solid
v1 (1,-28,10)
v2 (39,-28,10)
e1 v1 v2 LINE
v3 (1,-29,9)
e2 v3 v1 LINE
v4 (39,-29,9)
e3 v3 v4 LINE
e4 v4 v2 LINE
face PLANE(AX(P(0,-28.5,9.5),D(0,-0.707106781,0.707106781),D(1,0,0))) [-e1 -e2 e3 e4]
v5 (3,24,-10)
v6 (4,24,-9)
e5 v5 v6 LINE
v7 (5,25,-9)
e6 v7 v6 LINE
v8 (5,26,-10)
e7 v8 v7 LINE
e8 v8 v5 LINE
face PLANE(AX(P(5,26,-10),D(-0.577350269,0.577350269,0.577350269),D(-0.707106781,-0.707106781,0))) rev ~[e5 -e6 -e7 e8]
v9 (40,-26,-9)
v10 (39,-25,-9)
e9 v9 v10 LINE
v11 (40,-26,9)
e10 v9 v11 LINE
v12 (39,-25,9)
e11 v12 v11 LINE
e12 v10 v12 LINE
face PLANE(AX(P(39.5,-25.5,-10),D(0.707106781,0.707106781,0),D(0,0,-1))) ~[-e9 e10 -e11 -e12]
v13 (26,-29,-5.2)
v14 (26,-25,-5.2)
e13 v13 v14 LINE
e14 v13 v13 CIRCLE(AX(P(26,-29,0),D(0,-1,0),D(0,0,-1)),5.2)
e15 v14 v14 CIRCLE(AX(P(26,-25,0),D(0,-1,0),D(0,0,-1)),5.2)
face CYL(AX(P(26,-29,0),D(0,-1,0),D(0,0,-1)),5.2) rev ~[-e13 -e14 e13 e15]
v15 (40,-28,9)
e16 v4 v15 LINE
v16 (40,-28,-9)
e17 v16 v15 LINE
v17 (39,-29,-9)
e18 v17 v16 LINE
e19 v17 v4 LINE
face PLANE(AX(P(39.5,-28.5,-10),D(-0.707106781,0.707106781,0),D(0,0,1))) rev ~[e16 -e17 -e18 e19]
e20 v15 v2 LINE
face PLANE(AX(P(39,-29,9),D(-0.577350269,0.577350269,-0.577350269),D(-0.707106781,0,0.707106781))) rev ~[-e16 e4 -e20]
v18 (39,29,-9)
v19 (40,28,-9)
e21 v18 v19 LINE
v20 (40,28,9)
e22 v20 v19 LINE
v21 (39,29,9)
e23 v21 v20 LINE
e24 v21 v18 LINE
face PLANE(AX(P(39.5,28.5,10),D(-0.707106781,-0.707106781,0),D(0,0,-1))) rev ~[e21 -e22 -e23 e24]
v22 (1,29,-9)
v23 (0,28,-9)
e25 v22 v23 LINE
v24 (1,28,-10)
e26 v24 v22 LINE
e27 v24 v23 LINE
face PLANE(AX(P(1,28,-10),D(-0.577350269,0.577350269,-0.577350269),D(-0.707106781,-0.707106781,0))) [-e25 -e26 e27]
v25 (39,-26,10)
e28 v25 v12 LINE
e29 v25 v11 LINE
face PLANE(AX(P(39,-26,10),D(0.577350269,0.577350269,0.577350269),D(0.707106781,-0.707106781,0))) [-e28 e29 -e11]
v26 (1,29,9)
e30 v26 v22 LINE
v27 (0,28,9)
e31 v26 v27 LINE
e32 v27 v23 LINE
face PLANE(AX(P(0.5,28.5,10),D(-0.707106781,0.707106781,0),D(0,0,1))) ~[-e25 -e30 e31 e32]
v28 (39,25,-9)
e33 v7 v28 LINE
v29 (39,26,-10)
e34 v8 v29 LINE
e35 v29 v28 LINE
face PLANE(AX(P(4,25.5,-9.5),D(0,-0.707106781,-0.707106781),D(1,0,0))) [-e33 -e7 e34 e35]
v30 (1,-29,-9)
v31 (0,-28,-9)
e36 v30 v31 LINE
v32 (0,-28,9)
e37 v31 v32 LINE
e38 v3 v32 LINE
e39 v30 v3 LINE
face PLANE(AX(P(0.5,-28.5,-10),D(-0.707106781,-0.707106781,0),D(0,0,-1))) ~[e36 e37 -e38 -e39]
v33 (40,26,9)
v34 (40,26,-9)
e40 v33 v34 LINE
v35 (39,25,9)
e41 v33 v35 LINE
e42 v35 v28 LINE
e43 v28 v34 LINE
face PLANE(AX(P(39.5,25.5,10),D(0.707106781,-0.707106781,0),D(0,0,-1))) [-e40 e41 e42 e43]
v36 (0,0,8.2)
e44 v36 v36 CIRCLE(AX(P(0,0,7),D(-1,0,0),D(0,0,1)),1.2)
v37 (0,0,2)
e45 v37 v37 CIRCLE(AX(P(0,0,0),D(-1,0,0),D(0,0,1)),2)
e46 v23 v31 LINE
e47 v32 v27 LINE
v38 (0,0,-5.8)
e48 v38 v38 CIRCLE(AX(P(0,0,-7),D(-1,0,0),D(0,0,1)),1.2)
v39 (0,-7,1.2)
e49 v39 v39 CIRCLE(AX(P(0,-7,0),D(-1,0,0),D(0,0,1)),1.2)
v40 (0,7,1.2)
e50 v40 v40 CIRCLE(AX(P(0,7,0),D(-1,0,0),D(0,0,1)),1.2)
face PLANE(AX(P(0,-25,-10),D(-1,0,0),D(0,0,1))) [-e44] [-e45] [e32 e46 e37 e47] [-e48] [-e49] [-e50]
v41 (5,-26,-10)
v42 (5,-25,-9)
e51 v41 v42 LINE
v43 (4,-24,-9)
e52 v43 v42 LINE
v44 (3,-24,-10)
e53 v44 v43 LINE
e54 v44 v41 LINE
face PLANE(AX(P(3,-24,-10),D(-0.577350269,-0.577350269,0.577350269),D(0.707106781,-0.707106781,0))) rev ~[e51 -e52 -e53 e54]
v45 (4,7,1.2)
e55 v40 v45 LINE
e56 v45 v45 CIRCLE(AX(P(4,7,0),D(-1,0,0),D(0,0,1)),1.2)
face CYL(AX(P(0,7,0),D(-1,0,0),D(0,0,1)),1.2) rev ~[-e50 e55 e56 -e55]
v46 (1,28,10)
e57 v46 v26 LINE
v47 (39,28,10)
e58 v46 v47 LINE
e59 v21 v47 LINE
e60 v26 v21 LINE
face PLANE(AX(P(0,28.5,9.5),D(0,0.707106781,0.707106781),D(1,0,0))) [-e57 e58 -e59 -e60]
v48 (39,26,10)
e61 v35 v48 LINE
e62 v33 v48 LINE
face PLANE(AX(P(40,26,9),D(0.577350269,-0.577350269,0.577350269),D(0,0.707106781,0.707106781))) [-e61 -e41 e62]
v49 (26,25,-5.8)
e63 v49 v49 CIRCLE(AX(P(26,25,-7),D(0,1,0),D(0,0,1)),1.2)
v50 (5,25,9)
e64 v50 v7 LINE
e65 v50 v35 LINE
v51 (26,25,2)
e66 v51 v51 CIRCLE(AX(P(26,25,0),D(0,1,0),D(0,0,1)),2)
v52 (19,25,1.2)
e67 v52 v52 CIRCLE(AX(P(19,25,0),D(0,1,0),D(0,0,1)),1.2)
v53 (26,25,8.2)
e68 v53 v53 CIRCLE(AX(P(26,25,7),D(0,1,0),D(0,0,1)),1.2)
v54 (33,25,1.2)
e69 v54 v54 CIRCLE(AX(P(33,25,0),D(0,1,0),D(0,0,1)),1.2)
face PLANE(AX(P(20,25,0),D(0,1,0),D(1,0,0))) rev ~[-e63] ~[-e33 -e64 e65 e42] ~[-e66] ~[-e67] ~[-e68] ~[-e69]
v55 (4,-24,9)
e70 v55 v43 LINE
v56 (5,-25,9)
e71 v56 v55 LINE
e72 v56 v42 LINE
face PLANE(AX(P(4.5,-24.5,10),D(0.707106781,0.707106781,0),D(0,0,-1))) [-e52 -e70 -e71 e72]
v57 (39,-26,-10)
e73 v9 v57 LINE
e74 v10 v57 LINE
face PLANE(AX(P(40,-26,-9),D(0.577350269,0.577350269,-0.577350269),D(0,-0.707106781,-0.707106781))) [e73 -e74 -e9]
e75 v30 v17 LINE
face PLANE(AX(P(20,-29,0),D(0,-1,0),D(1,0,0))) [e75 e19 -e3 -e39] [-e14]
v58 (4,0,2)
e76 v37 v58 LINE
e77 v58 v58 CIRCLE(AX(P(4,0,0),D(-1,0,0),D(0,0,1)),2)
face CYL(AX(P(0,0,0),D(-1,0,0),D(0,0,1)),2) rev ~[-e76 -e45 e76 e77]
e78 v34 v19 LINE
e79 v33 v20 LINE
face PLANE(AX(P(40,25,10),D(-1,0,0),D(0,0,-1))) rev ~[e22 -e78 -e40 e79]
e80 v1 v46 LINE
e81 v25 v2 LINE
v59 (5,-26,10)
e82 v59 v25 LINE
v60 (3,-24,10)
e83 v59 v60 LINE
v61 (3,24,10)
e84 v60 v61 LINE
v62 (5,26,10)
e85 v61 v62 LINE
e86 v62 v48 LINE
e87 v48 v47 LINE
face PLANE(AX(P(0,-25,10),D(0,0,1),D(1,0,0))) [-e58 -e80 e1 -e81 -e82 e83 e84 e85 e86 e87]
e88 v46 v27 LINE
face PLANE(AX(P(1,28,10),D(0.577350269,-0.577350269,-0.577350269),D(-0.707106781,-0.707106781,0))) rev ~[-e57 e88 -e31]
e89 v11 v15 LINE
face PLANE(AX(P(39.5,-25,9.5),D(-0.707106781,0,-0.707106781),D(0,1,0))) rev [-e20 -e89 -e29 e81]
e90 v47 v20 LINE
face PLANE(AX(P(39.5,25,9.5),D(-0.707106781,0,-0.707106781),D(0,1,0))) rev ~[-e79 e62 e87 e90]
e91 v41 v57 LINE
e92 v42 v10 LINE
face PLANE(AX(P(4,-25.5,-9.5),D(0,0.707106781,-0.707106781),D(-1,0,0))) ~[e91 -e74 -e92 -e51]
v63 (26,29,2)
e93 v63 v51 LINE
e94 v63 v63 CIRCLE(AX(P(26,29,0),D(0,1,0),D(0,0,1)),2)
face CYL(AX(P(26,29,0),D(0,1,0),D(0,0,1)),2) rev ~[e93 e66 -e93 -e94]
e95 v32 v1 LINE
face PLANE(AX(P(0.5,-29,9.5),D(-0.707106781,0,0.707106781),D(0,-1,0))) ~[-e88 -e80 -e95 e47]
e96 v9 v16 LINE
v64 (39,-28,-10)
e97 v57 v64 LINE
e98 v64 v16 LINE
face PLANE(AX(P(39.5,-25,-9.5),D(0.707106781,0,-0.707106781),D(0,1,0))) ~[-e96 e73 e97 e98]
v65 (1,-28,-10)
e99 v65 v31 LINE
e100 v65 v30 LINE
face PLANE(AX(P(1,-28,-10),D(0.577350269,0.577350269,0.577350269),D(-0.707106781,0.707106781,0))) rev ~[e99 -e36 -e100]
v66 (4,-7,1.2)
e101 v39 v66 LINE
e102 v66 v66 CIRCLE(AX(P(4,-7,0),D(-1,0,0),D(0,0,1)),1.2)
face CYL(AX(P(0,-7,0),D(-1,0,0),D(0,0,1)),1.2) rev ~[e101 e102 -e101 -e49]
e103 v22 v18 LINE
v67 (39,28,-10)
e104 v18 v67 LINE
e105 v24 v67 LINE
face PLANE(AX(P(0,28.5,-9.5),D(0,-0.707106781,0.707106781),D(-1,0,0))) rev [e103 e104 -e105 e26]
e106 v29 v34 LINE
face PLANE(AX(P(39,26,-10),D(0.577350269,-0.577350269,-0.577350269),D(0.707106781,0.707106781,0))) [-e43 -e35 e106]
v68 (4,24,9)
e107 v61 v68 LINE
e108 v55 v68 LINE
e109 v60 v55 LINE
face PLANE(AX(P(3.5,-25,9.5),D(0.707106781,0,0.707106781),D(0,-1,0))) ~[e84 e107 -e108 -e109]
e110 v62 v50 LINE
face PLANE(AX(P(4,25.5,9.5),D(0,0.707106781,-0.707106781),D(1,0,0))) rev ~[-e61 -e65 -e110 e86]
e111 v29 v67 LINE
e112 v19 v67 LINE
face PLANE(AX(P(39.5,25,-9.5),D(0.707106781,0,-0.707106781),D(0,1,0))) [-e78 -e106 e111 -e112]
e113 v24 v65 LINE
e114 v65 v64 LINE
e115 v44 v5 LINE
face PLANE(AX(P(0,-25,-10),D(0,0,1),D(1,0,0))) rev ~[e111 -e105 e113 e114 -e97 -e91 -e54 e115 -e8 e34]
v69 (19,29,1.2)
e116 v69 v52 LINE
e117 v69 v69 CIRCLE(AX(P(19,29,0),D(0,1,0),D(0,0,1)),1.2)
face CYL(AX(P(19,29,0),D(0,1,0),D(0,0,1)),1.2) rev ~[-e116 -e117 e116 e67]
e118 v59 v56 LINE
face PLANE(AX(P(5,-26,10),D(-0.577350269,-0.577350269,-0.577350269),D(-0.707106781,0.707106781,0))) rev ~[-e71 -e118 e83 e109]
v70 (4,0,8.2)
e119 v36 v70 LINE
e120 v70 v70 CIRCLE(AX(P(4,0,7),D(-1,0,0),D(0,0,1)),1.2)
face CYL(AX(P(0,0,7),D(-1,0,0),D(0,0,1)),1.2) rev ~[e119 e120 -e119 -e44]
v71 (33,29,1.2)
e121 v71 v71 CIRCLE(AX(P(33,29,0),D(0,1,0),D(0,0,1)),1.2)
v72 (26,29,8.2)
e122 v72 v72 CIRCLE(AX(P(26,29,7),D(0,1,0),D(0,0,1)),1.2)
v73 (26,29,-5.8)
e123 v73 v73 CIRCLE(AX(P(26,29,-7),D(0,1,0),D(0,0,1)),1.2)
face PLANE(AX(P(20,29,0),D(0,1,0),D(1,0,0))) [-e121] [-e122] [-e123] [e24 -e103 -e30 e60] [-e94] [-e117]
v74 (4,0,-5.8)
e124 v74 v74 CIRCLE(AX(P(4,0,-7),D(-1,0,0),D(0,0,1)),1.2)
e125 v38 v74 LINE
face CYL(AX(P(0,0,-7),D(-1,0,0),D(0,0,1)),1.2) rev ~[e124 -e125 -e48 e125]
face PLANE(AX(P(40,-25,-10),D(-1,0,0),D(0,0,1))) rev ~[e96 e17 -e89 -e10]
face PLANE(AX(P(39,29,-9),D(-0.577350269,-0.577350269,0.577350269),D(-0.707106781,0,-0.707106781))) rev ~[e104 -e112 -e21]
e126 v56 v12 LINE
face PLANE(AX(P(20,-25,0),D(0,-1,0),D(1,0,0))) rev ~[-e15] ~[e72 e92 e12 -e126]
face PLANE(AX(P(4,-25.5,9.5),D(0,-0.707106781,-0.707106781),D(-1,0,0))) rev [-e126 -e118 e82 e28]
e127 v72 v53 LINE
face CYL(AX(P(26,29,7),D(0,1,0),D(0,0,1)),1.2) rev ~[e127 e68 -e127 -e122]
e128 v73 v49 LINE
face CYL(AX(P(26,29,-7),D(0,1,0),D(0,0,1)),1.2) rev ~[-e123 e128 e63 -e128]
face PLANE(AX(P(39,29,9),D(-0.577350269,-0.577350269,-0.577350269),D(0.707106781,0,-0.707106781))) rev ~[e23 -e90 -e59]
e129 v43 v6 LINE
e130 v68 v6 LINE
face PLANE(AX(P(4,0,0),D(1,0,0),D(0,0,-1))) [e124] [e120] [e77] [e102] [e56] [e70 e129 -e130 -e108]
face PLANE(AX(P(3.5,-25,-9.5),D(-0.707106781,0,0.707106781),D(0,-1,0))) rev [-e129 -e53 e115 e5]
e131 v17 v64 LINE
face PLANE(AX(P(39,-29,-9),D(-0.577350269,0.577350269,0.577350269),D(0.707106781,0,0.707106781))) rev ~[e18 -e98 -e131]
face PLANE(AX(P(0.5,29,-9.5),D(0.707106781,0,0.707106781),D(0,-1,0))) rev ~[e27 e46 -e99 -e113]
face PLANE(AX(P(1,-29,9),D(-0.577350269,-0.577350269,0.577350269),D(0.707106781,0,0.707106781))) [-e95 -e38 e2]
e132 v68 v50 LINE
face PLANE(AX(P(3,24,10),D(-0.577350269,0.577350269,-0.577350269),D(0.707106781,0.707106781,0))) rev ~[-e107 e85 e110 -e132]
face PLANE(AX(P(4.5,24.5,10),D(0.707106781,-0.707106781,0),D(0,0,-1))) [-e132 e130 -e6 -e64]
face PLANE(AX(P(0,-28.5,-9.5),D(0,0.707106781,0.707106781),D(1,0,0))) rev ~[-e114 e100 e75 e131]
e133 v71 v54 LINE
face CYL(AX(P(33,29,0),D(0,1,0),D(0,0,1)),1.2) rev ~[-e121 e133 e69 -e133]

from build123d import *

# Parameters (mm, degrees)
SKETCH1_W           = 20
SKETCH1_H           = 50
BOSS_EXTRUDE1_DEPTH = 4
SKETCH2_W           = 40
SKETCH2_H           = 20
BOSS_EXTRUDE2_DEPTH = 4
SKETCH3_R           = 1.2
SKETCH3_R_2         = 2
CUT_EXTRUDE1_DEPTH  = 4
SKETCH4_W           = 40
SKETCH4_H           = 20
BOSS_EXTRUDE3_DEPTH = 4
SKETCH5_R           = 5.2
CUT_EXTRUDE2_DEPTH  = 4
CHAMFER1_SIZE       = 1
SKETCH6_R           = 2
SKETCH6_R_2         = 1.2
CUT_EXTRUDE3_DEPTH  = 10


with BuildPart() as part:
    # Sketch1 → Boss-Extrude1 (new body)
    with BuildSketch(Plane(origin=(0, 0, 0), x_dir=(0, 0, -1), z_dir=(1, 0, 0))):
        Rectangle(SKETCH1_W, SKETCH1_H)
    extrude(amount=BOSS_EXTRUDE1_DEPTH)

    # Sketch2 → Boss-Extrude2 (add)
    with BuildSketch(Plane(origin=(0, 25, 0), x_dir=(1, 0, 0), z_dir=(0, 1, 0))):
        with Locations((20, 0)):
            Rectangle(SKETCH2_W, SKETCH2_H)
    extrude(amount=BOSS_EXTRUDE2_DEPTH)

    # Sketch3 → Cut-Extrude1 (cut)
    with BuildSketch(Plane(origin=(0, 29, 0), x_dir=(1, 0, 0), z_dir=(0, 1, 0))):
        with Locations(Location((33, 0, 0), (0, 0, 270))):
            Circle(SKETCH3_R)
        with Locations(Location((26, 0, 0), (0, 0, 270))):
            Circle(SKETCH3_R_2)
        with Locations(Location((26, -7, 0), (0, 0, 270))):
            Circle(SKETCH3_R)
        with Locations(Location((19, 0, 0), (0, 0, 270))):
            Circle(SKETCH3_R)
        with Locations(Location((26, 7, 0), (0, 0, 270))):
            Circle(SKETCH3_R)
    extrude(amount=-CUT_EXTRUDE1_DEPTH, mode=Mode.SUBTRACT)

    # Sketch4 → Boss-Extrude3 (add)
    with BuildSketch(Plane.XZ.offset(25)):
        with Locations((20, 0)):
            Rectangle(SKETCH4_W, SKETCH4_H)
    extrude(amount=BOSS_EXTRUDE3_DEPTH)

    # Sketch5 → Cut-Extrude2 (cut)
    with BuildSketch(Plane.XZ.offset(29)):
        with Locations(Location((26, 0, 0), (0, 0, 270))):
            Circle(SKETCH5_R)
    extrude(amount=-CUT_EXTRUDE2_DEPTH, mode=Mode.SUBTRACT)

    # Chamfer1
    chamfer1_edges = [part.edges().sort_by_distance(p)[0] for p in [
        (4, 0, 10),
        (4, -25, 0),
        (22, 25, 10),
        (40, 25, 0),
        (40, 27, 10),
        (22, 25, -10),
        (40, 27, -10),
        (0, 29, 0),
        (20, 29, 10),
        (40, 29, 0),
        (20, 29, -10),
        (4, 0, -10),
        (0, 0, 10),
        (22, -25, -10),
        (40, -25, 0),
        (40, -27, -10),
        (22, -25, 10),
        (40, -27, 10),
        (0, -29, 0),
        (20, -29, -10),
        (40, -29, 0),
        (20, -29, 10),
        (0, 0, -10),
        (4, 25, 0),
    ]]
    chamfer(chamfer1_edges, length=CHAMFER1_SIZE)

    # Sketch6 → Cut-Extrude3 (cut)
    with BuildSketch(Plane.ZY):
        Circle(SKETCH6_R)
        with Locations((7, 0)):
            Circle(SKETCH6_R_2)
        with Locations((0, -7)):
            Circle(SKETCH6_R_2)
        with Locations((-7, 0)):
            Circle(SKETCH6_R_2)
        with Locations((0, 7)):
            Circle(SKETCH6_R_2)
    extrude(amount=-CUT_EXTRUDE3_DEPTH, mode=Mode.SUBTRACT)


solid = part.part
